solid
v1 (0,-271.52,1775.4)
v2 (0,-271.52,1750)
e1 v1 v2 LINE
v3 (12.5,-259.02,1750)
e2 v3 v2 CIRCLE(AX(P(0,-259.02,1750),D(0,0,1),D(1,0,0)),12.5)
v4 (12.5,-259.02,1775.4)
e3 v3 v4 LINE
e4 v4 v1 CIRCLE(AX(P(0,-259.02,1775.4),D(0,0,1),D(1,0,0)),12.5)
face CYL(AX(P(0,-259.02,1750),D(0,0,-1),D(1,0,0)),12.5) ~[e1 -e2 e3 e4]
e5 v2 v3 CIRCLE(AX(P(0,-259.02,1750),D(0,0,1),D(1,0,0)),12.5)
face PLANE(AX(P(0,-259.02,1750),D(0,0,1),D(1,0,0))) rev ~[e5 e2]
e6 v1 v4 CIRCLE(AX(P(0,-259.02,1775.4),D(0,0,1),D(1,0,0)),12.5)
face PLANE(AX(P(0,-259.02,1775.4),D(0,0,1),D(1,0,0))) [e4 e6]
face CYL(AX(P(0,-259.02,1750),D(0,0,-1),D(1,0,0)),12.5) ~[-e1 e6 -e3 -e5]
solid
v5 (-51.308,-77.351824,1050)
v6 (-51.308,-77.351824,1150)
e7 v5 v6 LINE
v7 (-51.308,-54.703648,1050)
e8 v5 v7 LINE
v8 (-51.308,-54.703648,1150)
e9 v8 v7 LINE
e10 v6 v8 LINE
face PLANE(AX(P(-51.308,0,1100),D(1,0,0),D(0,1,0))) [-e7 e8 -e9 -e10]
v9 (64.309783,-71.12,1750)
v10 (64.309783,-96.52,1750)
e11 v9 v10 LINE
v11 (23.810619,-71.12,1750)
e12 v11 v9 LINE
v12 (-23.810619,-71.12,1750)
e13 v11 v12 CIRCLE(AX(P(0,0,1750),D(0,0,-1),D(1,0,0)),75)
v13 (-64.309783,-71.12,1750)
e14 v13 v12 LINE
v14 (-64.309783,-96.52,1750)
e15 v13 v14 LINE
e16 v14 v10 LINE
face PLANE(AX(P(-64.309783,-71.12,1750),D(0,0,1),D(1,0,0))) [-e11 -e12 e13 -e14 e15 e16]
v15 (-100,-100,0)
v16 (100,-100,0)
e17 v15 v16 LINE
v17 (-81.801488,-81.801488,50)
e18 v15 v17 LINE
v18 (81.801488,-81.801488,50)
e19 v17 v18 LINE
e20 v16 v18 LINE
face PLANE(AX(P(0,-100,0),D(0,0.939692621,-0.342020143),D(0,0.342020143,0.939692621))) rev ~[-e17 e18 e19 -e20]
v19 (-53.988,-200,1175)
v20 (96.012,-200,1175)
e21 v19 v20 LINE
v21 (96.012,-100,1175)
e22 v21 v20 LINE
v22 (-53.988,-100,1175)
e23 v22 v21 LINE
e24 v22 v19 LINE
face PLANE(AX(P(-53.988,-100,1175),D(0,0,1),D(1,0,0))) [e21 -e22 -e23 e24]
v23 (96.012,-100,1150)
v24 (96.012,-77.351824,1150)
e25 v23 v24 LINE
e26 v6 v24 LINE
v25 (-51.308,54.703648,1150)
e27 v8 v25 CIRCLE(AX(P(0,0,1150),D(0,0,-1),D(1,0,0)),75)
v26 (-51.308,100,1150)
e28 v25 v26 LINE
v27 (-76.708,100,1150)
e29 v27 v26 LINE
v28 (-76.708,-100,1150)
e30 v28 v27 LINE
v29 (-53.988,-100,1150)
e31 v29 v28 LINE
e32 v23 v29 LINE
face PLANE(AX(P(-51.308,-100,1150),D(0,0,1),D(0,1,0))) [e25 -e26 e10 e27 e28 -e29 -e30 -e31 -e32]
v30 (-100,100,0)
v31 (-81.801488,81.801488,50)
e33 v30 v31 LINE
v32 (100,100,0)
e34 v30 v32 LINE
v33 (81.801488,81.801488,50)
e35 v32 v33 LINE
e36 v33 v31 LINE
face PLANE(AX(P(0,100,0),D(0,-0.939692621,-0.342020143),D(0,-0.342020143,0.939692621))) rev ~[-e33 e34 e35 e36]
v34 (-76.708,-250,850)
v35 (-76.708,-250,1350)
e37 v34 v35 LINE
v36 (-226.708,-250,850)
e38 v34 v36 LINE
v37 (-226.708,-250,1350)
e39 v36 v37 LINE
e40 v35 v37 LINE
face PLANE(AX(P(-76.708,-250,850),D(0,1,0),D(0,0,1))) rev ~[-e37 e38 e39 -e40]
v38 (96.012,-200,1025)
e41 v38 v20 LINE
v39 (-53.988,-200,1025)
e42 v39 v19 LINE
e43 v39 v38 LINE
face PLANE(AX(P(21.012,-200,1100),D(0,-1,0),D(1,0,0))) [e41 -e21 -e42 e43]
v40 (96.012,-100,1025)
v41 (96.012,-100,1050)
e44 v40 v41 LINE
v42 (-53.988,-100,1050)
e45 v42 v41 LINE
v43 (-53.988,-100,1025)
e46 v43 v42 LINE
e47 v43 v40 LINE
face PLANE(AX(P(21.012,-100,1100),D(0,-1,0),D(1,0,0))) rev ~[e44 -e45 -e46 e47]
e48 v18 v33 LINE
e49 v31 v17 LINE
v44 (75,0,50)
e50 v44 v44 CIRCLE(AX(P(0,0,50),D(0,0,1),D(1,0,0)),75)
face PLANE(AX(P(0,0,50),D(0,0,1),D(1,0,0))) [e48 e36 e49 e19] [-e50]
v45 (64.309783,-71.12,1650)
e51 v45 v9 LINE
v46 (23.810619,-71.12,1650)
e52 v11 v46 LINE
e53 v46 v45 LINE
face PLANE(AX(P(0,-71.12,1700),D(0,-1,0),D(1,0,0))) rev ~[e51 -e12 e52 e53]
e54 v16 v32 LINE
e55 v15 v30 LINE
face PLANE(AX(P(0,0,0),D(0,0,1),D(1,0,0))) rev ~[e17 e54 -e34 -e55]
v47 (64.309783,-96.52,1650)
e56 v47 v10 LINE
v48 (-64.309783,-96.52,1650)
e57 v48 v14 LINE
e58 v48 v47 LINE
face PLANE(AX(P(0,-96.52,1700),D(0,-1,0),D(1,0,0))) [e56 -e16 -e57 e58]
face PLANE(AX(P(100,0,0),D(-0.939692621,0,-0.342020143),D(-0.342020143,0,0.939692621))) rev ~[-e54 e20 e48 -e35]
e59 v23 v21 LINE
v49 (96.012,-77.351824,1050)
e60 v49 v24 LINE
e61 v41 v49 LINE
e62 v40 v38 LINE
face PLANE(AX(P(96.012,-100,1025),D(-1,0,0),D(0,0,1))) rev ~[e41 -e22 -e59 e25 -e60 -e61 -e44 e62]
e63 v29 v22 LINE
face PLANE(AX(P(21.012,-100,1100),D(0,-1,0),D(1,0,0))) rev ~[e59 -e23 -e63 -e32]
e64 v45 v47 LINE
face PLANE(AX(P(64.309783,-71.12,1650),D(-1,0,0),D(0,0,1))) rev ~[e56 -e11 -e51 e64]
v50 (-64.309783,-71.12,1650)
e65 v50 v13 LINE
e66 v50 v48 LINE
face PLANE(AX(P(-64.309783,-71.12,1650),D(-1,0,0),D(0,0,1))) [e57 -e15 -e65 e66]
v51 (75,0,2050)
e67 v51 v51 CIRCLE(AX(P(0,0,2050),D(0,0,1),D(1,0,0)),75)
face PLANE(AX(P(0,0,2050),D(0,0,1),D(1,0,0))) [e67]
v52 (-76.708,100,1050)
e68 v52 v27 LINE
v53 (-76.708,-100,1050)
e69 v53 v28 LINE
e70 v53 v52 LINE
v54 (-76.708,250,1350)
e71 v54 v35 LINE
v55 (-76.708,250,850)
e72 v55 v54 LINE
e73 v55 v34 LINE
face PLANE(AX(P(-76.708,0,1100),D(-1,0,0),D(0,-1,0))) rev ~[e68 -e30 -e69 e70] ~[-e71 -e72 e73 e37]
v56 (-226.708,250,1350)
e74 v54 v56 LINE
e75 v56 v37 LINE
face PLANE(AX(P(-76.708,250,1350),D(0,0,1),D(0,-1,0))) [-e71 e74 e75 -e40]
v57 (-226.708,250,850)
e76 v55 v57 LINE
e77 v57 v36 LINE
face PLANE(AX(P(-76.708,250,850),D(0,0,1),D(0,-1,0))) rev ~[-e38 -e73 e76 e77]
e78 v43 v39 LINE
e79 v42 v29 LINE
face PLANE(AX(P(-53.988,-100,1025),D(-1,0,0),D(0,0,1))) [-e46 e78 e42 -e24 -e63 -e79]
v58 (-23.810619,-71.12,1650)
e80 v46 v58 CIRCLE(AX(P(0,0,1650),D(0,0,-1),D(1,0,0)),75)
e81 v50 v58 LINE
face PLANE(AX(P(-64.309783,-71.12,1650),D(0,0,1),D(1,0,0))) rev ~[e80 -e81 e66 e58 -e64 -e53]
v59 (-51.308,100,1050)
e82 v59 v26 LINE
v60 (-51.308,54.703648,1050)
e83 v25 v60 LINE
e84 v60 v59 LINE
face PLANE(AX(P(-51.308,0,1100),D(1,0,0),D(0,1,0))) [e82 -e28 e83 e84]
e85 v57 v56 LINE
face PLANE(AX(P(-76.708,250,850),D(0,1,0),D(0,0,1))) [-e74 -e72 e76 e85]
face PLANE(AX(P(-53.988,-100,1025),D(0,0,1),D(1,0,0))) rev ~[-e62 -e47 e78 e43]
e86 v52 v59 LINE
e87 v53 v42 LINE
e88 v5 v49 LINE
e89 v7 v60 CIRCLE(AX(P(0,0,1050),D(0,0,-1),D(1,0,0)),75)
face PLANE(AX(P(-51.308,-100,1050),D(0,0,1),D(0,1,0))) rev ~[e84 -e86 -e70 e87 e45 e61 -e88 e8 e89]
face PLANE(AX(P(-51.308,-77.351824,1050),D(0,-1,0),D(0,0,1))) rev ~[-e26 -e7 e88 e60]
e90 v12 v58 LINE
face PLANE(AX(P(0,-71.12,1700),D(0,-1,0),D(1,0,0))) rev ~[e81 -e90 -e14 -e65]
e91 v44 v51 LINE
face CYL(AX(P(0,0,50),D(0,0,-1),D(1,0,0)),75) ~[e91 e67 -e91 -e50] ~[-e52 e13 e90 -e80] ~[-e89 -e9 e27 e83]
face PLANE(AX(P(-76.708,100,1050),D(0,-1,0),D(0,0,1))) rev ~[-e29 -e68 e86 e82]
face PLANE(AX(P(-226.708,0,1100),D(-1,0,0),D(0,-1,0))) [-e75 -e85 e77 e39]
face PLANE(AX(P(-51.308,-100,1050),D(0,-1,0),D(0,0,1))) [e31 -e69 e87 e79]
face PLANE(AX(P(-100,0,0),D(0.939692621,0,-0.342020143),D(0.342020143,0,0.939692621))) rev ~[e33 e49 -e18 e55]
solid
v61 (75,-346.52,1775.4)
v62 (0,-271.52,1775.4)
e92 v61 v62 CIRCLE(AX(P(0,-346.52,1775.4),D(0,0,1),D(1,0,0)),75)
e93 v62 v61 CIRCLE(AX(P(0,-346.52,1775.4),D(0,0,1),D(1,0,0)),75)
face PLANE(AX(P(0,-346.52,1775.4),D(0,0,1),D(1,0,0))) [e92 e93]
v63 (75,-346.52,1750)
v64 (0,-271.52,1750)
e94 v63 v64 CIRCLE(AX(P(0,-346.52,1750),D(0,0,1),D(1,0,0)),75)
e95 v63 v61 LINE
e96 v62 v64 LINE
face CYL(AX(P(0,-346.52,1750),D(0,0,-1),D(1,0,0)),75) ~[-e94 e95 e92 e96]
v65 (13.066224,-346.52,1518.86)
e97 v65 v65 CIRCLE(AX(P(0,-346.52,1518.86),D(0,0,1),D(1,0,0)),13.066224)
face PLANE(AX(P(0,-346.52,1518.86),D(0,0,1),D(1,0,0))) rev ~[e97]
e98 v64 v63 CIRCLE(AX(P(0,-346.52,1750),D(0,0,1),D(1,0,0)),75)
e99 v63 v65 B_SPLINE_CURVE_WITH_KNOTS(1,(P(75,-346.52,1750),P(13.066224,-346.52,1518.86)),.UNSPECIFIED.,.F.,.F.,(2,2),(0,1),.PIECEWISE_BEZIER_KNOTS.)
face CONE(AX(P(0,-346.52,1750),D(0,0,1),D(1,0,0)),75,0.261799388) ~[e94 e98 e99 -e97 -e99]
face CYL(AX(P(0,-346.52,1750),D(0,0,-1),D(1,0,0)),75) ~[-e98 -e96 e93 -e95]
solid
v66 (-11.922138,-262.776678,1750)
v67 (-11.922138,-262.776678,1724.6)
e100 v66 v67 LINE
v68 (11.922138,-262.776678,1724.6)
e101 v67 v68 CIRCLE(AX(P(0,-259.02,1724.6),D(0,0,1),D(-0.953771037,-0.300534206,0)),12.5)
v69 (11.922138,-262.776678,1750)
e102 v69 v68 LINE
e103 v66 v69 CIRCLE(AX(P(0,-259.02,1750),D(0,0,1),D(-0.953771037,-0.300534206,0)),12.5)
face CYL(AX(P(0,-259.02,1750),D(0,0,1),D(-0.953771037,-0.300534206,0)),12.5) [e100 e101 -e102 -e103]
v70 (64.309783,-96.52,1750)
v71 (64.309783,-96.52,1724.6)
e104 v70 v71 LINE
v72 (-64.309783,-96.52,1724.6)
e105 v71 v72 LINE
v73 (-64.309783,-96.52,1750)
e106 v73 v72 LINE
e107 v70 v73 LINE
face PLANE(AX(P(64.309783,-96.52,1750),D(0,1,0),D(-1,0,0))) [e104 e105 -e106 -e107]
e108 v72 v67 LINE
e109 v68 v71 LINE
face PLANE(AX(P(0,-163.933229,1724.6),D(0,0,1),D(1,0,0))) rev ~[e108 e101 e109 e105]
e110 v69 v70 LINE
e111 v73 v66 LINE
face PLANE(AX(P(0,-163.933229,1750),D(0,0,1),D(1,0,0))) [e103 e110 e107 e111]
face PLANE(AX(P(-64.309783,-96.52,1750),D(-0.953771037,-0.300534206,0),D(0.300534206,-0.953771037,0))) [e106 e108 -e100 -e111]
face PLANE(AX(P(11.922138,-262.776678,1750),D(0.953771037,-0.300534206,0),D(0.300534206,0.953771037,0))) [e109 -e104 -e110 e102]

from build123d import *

# Parameters (mm, degrees)
F0_W           = 200
F0_H           = 200
F1_DEPTH       = 50
F1_TAPER       = 20
F2_R           = 75
F3_DEPTH       = 2000
F5_W           = 200
F5_H           = 100
F6_DEPTH       = 25.4
F7_W           = 500
F7_H           = 500
F8_DEPTH       = 150
F9_W           = 22.6481758561
F9_H           = 100
F10_DEPTH      = 147.32
F11_W          = 150
F11_H          = 150
F12_DEPTH      = 100
F14_W          = 128.6195661301
F14_H          = 100
F15_DEPTH      = 25.4
F16_R          = 75
F17_DEPTH      = 25.4
F17_DEPTH_BACK = 231.14
F17_TAPER_BACK = 15
F18_R          = 12.5
F19_DEPTH      = 25.4
F21_DEPTH      = 25.4


with BuildPart() as f1:
    # F0 (on Top) → F1 (new body)
    with BuildSketch(Plane.XY):
        Rectangle(F0_W, F0_H)
    extrude(amount=F1_DEPTH, taper=F1_TAPER)

    # F2 (on face) → F3 (join)
    with BuildSketch(Plane.XY.offset(50)):
        Circle(F2_R)
    extrude(amount=F3_DEPTH)

    # F5 (on offset) → F6 (join)
    with BuildSketch(Plane.YZ.offset(-76.708)):
        with Locations((0, 1100)):
            Rectangle(F5_W, F5_H)
    extrude(amount=F6_DEPTH)

    # F7 (on face) → F8 (join)
    with BuildSketch(Plane(origin=(-76.708, 0, 0), x_dir=(0, -1, 0), z_dir=(-1, 0, 0))):
        with Locations((0, 1100)):
            Rectangle(F7_W, F7_H)
    extrude(amount=F8_DEPTH)

    # F9 (on face) → F10 (join)
    with BuildSketch(Plane.YZ.offset(-51.308)):
        with Locations((-88.675912072, 1100)):
            Rectangle(F9_W, F9_H)
    extrude(amount=F10_DEPTH)

    # F11 (on face) → F12 (join)
    with BuildSketch(Plane.XZ.offset(100)):
        with Locations((21.012, 1100)):
            Rectangle(F11_W, F11_H)
    extrude(amount=F12_DEPTH)

    # F14 (on offset) → F15 (join)
    with BuildSketch(Plane.XZ.offset(71.12)):
        with Locations((0, 1700)):
            Rectangle(F14_W, F14_H)
    extrude(amount=F15_DEPTH)


with BuildPart() as f17:
    # F16 (on face) → F17 (new body, two sides)
    with BuildSketch(Plane.XY.offset(1750)) as f17_sk:
        with Locations((0, -346.52)):
            Circle(F16_R)
    extrude(amount=F17_DEPTH)
    extrude(f17_sk.sketch, amount=-F17_DEPTH_BACK, taper=F17_TAPER_BACK)

    # F18 (on face) → F19 (join)
    with BuildSketch(Plane.XY.offset(1750)):
        with Locations((0, -259.02)):
            Circle(F18_R)
    extrude(amount=F19_DEPTH)


with BuildPart() as f21:
    # F20 (on face) → F21 (new body)
    with BuildSketch(Plane.XY.offset(1750)):
        with BuildLine():
            Line((64.3097830651, -96.52), (-64.3097830651, -96.52))
            Line((-64.3097830651, -96.52), (-11.9221379623, -262.7766775756))
            ThreePointArc((-11.9221379623, -262.7766775756), (0, -271.52), (11.9221379623, -262.7766775756))
            Line((11.9221379623, -262.7766775756), (64.3097830651, -96.52))
        make_face()
    extrude(amount=-F21_DEPTH)


solid = Compound([f1.part, f17.part, f21.part])
